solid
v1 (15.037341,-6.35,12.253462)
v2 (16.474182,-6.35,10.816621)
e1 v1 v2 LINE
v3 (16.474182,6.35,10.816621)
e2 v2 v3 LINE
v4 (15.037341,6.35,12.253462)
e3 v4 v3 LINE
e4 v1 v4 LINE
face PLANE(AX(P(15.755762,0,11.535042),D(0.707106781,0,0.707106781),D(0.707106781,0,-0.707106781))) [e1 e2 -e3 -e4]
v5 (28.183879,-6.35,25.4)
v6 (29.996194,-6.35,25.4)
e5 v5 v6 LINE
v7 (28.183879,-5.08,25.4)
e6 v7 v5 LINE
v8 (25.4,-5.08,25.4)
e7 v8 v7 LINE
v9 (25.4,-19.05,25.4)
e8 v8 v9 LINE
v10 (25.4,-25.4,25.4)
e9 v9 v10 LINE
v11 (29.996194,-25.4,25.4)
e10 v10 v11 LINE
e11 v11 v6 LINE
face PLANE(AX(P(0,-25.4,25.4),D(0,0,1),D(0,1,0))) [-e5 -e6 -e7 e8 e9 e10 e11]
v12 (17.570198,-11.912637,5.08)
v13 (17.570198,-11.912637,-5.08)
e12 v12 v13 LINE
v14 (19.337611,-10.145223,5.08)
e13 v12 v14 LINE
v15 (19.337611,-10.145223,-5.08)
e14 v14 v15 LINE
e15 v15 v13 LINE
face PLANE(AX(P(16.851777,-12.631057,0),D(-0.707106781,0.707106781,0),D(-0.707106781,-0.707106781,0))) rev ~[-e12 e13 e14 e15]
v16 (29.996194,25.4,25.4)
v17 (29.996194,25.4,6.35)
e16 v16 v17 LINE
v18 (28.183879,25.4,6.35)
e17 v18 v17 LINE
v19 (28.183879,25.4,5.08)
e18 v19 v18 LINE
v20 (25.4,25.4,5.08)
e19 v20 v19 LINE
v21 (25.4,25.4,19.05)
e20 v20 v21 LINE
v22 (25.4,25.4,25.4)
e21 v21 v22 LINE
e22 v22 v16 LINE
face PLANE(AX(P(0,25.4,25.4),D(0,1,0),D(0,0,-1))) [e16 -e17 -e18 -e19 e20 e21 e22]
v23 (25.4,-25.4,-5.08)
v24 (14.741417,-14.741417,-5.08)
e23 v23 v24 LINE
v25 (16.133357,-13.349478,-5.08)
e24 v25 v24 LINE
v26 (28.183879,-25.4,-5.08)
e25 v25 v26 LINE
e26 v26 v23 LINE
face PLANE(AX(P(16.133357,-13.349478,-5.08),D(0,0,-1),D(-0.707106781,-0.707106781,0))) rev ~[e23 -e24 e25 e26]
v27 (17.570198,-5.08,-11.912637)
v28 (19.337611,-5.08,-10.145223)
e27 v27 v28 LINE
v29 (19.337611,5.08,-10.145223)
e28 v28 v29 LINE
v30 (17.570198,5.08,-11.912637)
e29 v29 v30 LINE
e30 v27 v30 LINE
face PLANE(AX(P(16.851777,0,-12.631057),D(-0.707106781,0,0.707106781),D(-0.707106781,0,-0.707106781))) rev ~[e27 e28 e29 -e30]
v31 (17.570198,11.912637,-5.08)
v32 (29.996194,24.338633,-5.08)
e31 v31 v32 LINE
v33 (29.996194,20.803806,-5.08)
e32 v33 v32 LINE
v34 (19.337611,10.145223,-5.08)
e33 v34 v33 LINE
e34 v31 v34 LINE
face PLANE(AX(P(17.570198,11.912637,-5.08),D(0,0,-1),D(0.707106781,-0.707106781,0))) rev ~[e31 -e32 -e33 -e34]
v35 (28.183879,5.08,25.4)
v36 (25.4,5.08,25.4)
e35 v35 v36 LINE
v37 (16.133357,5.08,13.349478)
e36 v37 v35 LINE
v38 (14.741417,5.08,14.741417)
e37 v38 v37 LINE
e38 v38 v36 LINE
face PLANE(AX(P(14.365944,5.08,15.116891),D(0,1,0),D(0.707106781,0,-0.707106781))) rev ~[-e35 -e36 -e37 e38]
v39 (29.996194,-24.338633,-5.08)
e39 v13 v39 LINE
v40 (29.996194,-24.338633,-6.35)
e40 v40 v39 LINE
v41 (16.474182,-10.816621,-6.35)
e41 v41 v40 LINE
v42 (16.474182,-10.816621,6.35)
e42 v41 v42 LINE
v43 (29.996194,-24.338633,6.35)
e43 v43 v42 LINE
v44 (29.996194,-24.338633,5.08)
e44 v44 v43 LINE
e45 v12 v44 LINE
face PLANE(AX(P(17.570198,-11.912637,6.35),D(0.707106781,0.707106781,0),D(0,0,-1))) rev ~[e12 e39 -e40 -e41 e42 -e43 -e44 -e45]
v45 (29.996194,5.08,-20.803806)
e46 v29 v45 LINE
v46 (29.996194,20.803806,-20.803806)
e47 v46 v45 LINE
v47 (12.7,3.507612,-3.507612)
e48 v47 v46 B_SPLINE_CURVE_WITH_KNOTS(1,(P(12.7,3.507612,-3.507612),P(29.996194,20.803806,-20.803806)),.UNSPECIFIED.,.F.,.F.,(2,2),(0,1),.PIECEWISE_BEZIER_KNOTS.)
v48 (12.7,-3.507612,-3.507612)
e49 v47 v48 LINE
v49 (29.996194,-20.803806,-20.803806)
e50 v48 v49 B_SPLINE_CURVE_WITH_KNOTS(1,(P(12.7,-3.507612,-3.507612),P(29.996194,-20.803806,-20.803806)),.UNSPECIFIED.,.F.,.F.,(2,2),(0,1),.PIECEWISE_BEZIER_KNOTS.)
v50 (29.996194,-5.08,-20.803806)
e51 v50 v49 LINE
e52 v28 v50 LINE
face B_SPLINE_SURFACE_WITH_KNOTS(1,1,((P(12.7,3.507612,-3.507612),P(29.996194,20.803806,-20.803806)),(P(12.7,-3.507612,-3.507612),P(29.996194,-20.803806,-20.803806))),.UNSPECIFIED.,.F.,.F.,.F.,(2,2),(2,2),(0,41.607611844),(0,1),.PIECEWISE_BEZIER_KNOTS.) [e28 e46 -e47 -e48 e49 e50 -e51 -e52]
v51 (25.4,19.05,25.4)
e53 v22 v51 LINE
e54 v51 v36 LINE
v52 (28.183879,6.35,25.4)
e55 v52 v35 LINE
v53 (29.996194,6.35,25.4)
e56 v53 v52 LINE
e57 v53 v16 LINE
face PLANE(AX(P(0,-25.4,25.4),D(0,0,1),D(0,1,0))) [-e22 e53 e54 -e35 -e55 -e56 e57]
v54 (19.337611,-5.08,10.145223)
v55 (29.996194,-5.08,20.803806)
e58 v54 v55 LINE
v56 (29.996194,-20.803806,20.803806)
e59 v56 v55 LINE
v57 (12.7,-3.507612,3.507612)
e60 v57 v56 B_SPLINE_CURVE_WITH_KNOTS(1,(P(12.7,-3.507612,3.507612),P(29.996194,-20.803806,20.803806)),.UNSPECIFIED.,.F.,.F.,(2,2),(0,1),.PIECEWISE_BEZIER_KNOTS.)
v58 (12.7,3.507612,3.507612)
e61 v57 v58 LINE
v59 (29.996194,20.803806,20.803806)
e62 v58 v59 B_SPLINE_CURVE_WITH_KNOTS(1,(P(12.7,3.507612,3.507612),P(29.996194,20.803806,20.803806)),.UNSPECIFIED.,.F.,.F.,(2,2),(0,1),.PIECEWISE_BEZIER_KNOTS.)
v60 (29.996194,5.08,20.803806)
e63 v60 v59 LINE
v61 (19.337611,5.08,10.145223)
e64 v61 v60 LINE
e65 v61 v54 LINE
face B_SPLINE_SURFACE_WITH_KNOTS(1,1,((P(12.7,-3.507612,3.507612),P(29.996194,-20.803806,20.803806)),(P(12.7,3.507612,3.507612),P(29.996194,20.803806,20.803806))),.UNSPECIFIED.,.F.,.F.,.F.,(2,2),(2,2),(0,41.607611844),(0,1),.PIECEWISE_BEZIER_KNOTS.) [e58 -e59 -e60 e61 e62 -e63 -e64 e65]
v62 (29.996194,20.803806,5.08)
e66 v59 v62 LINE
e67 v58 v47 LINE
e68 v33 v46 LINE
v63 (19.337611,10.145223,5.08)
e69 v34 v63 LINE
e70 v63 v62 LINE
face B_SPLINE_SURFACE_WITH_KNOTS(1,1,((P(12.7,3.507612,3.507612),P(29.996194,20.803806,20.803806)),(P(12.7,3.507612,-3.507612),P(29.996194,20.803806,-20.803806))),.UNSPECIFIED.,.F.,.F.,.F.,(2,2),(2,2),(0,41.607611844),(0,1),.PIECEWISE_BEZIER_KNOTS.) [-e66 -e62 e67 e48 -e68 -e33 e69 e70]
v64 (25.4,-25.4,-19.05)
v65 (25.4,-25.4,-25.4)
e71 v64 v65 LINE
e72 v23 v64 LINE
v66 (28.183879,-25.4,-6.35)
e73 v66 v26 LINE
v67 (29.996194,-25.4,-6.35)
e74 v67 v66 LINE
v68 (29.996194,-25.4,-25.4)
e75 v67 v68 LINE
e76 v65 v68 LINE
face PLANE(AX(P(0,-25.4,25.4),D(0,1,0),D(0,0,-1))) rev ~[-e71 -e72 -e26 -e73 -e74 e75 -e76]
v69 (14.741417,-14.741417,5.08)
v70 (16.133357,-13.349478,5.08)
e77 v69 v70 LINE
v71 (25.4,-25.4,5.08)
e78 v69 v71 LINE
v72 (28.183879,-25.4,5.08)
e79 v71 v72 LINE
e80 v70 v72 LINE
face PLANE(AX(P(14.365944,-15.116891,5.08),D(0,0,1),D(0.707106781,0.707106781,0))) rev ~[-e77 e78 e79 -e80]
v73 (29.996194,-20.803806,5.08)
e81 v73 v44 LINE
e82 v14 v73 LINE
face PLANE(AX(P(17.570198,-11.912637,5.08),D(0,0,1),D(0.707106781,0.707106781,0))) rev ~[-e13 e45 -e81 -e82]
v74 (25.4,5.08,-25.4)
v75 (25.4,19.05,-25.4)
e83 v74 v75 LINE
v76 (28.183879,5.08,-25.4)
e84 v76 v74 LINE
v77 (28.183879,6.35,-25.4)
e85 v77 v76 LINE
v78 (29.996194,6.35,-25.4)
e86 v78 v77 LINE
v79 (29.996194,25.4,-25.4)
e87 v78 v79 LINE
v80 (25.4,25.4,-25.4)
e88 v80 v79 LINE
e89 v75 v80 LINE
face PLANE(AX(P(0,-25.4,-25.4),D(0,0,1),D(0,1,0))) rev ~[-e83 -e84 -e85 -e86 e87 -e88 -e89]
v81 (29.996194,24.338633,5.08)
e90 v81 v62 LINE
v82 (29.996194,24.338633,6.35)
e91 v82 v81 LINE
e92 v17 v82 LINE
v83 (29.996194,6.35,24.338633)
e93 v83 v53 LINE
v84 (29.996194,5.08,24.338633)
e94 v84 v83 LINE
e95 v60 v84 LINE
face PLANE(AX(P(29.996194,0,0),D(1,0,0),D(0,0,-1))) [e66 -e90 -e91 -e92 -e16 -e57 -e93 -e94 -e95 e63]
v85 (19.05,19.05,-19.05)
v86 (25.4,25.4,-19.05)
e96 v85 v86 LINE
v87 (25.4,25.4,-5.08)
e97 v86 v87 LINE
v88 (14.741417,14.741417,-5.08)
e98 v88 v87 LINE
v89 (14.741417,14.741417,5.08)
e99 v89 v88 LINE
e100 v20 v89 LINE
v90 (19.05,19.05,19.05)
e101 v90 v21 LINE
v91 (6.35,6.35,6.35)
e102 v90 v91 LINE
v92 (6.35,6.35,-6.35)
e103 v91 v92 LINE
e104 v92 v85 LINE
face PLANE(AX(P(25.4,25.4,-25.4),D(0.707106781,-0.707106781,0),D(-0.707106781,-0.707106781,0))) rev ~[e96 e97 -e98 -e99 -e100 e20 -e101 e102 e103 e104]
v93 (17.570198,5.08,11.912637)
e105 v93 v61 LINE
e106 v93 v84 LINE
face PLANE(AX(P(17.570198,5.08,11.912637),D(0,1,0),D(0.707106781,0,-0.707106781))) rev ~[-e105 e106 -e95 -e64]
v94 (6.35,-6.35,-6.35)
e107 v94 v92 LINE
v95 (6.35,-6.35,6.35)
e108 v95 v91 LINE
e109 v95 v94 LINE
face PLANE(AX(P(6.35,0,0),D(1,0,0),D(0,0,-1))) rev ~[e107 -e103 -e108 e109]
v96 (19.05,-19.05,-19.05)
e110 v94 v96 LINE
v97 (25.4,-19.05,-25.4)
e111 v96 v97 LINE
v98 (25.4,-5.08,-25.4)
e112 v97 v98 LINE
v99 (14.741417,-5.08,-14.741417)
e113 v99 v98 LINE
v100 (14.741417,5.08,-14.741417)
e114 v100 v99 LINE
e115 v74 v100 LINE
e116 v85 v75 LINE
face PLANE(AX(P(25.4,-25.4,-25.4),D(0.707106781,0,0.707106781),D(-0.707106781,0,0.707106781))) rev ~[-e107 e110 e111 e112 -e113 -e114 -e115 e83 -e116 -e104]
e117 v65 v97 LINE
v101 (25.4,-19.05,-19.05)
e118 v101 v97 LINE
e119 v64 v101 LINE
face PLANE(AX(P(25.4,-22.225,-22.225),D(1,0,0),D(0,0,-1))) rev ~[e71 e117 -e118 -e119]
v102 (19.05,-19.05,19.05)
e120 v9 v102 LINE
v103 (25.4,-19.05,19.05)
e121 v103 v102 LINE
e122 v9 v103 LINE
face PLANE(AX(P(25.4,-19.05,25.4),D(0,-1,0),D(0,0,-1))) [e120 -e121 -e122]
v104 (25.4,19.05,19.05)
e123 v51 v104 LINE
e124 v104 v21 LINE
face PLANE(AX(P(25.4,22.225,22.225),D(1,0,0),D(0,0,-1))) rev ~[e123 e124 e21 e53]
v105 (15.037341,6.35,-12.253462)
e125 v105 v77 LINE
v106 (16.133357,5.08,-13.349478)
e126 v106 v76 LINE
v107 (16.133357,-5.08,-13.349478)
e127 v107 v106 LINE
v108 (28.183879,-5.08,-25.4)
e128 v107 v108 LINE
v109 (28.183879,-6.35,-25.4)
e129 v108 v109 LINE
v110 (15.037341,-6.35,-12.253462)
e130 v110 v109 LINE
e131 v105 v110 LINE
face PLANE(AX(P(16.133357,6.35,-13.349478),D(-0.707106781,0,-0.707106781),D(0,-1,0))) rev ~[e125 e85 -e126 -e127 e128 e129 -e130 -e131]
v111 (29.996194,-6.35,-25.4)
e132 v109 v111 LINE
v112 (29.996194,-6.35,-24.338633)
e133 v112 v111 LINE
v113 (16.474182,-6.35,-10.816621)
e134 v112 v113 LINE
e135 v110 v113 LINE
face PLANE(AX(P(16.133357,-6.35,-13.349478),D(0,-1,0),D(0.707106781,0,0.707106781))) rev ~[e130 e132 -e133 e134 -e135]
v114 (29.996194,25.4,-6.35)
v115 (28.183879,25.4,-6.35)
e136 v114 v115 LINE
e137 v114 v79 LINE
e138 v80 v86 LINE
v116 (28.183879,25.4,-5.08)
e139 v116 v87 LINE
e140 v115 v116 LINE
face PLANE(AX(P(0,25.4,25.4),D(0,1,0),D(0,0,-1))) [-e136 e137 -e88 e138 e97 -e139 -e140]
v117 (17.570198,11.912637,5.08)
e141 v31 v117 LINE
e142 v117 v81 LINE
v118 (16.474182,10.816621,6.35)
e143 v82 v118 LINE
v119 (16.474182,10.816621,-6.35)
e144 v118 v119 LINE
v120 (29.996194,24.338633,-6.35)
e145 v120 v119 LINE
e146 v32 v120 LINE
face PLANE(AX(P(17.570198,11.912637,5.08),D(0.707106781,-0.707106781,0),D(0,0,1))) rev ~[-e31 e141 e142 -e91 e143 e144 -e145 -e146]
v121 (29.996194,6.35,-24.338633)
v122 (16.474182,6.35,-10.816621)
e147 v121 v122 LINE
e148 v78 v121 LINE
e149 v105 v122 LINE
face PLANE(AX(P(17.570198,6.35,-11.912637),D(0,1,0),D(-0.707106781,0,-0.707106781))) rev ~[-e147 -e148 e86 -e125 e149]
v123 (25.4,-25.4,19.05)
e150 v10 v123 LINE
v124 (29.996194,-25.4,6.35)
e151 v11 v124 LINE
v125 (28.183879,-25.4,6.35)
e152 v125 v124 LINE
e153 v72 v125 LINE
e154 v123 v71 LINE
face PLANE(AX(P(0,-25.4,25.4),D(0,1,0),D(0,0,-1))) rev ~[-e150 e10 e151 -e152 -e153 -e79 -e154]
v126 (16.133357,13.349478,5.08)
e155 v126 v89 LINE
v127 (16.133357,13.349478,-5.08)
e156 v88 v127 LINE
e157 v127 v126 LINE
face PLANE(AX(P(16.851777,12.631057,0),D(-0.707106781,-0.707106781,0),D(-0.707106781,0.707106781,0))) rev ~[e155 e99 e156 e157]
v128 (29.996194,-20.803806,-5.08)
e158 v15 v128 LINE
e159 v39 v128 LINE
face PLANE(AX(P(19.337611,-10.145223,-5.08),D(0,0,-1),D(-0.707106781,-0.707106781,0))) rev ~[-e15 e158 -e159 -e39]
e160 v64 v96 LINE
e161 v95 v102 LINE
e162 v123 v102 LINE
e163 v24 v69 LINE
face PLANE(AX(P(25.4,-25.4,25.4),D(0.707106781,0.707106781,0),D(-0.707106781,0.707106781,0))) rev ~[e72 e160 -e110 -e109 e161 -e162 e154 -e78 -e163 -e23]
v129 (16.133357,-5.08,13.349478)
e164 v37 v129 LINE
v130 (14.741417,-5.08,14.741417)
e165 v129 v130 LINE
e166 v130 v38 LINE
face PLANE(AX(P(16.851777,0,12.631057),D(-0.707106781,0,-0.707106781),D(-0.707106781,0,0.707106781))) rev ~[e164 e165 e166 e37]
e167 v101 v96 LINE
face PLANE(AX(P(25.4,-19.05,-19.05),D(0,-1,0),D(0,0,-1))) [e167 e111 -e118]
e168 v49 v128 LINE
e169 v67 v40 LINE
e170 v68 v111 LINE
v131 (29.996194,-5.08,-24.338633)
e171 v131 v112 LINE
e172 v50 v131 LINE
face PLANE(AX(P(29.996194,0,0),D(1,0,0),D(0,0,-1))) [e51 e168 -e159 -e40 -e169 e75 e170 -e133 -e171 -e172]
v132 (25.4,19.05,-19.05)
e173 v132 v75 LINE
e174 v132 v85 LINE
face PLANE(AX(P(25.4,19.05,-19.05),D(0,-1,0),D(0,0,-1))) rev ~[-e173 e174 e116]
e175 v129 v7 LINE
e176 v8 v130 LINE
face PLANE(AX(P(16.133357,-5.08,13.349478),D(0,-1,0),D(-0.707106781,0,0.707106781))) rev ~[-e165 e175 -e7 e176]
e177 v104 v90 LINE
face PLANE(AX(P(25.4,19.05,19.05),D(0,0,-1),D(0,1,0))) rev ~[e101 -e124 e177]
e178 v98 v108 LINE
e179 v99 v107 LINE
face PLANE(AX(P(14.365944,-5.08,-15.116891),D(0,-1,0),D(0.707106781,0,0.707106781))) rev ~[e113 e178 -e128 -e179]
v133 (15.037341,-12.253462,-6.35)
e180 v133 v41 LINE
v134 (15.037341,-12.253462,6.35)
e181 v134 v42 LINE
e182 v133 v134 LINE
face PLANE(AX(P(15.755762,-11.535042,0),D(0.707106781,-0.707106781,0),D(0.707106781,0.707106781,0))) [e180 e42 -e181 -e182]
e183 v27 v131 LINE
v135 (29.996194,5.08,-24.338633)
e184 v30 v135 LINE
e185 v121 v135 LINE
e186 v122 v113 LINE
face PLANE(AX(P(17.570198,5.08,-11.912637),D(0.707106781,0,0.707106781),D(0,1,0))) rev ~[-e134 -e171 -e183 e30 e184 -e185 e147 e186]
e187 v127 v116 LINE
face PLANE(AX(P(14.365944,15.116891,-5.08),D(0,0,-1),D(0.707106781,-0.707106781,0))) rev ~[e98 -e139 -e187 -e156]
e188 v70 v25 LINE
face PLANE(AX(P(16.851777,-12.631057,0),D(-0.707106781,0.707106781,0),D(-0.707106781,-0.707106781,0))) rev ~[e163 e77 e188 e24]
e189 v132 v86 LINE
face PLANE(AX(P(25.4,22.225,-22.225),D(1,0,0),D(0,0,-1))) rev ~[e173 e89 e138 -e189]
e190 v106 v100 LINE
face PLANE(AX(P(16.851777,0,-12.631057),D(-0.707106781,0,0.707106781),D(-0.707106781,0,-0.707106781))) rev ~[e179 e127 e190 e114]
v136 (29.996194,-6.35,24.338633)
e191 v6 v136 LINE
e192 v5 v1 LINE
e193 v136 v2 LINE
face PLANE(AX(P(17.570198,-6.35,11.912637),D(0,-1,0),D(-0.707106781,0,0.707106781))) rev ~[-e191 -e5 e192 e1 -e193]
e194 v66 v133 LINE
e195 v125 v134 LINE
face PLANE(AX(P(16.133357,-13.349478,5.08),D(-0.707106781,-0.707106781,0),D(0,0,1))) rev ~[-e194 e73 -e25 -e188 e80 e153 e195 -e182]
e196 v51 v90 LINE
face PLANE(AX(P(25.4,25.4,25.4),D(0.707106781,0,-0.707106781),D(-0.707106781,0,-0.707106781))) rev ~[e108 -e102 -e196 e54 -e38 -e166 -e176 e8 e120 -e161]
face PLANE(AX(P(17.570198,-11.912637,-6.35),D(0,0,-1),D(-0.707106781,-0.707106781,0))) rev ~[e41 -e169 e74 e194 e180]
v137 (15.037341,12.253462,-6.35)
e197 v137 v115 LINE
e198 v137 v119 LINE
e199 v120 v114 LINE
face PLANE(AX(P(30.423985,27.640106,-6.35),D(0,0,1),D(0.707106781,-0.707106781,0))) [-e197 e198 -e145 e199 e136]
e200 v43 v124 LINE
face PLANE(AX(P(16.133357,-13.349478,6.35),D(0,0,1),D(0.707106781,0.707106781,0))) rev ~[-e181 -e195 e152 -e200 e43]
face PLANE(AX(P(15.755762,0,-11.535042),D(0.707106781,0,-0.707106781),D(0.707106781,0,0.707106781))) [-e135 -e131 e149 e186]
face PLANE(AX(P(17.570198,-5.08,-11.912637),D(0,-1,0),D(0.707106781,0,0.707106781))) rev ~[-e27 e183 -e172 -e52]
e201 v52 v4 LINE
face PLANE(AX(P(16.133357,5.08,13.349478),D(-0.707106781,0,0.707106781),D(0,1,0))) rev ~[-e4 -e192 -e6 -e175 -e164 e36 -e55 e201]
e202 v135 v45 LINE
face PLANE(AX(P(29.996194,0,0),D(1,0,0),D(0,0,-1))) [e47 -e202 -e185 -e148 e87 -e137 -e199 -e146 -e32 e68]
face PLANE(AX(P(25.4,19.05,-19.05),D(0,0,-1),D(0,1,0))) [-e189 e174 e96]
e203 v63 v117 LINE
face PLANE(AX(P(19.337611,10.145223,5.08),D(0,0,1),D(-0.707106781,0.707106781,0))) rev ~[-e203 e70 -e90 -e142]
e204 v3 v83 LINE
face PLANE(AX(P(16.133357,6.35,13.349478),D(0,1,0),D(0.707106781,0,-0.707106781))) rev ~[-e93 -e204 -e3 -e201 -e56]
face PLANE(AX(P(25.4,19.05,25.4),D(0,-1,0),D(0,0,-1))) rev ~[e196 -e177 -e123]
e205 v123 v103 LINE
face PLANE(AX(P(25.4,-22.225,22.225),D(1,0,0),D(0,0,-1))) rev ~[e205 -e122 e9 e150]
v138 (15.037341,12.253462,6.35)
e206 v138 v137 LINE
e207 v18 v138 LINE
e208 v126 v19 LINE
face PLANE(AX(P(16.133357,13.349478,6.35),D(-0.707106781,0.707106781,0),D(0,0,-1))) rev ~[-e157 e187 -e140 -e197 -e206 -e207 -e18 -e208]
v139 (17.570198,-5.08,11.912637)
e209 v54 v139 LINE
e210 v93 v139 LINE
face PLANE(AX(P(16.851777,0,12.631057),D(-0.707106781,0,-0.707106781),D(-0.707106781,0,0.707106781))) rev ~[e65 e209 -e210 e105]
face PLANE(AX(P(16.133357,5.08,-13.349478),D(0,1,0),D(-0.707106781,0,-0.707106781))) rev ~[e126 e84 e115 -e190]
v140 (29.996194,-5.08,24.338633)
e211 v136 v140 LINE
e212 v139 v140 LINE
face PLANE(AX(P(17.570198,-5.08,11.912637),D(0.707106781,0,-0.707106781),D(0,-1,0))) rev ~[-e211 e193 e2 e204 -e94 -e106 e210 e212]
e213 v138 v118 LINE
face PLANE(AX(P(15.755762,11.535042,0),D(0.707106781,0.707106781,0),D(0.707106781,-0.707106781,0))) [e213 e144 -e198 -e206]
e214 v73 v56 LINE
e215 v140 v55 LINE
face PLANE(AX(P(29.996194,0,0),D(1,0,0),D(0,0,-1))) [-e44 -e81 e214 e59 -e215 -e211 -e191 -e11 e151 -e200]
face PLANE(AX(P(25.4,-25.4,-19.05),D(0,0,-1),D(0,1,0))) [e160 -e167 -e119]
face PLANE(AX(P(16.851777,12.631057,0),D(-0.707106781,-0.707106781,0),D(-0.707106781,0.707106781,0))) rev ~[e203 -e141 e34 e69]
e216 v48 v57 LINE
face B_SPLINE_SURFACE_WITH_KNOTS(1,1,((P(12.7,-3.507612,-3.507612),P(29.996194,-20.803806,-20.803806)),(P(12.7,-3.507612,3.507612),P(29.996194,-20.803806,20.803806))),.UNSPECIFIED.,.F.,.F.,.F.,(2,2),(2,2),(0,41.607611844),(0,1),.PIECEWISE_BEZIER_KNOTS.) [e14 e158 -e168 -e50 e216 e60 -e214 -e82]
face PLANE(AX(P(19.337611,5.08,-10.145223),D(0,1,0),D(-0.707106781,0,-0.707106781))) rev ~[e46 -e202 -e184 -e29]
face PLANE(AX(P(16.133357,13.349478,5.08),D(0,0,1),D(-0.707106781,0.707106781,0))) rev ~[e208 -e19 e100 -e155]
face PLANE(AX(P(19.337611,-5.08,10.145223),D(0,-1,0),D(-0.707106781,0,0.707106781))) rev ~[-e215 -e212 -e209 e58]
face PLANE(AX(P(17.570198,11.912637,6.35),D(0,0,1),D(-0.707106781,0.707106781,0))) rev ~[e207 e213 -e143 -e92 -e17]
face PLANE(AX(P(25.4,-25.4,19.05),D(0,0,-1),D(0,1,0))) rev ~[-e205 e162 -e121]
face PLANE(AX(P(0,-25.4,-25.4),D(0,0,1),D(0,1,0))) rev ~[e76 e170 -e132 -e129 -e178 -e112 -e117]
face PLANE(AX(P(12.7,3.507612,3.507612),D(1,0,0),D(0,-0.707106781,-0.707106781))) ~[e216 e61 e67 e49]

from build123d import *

# Parameters (mm, degrees)
SKETCH3_W           = 50.8
SKETCH3_H           = 50.8
BOSS_EXTRUDE1_DEPTH = 29.996194
CUT_EXTRUDE1_DEPTH  = 65.230613146
CIRPATTERN1_COUNT   = 4
SKETCH8_W           = 12.7
SKETCH8_H           = 12.7
CUT_EXTRUDE2_DEPTH  = 44.00537756
CUT_EXTRUDE3_START  = -20.21
CUT_EXTRUDE3_DEPTH  = 84.434853552
SKETCH10_W          = 2.032
SKETCH10_H          = 12.7
CUT_EXTRUDE4_DEPTH  = 21.76
CIRPATTERN2_COUNT   = 4
SKETCH11_W          = 6.35
SKETCH11_H          = 6.35
CUT_EXTRUDE5_DEPTH  = 41.659838908


with BuildPart() as part:
    # Sketch3 → Boss-Extrude1 (new body)
    with BuildSketch(Plane(origin=(0, 0, 0), x_dir=(0, 0, -1), z_dir=(1, 0, 0))):
        Rectangle(SKETCH3_W, SKETCH3_H)
    extrude(amount=BOSS_EXTRUDE1_DEPTH)

    # Sketch4 → Cut-Loft1 section 0
    with BuildSketch(Plane(origin=(12.7, 0, 0), x_dir=(0, 0, -1), z_dir=(1, 0, 0))):
        with BuildLine():
            Line((-3.507611845, 3.507611845), (3.507611845, 3.507611845))
            Line((3.507611845, 3.507611845), (3.507611845, -3.507611845))
            Line((3.507611845, -3.507611845), (-3.507611845, -3.507611845))
            Line((-3.507611845, -3.507611845), (-3.507611845, 3.507611845))
        make_face()
    # Sketch5 → Cut-Loft1 section 1
    with BuildSketch(Plane(origin=(29.996194078, 0, 0), x_dir=(0, 0, -1), z_dir=(1, 0, 0))):
        with BuildLine():
            Line((-20.803805922, 20.803805922), (20.803805922, 20.803805922))
            Line((20.803805922, 20.803805922), (20.803805922, -20.803805922))
            Line((20.803805922, -20.803805922), (-20.803805922, -20.803805922))
            Line((-20.803805922, -20.803805922), (-20.803805922, 20.803805922))
        make_face()
    loft(mode=Mode.SUBTRACT)

    # Sketch6 → Cut-Extrude1 (cut, through all)
    with BuildSketch(Plane(origin=(0, 25.4, 0), x_dir=(1, 0, 0), z_dir=(0, 1, 0))):
        Polygon((25.4, -25.4), (0, 0), (0, -25.4), align=None)
    cut_extrude1 = extrude(amount=-CUT_EXTRUDE1_DEPTH, mode=Mode.SUBTRACT)

    # CirPattern1: Cut-Extrude1 ×4 about axis
    cirpattern1_axis = Axis((0, 0, 0), (1, 0, 0))
    for i in range(1, CIRPATTERN1_COUNT):
        add(cut_extrude1.rotate(cirpattern1_axis, i * 360 / CIRPATTERN1_COUNT), mode=Mode.SUBTRACT)

    # Sketch8 → Cut-Extrude2 (cut, through all)
    with BuildSketch(Plane(origin=(6.35, 0, 0), x_dir=(0, 0, -1), z_dir=(1, 0, 0))):
        Rectangle(SKETCH8_W, SKETCH8_H)
    extrude(amount=-CUT_EXTRUDE2_DEPTH, mode=Mode.SUBTRACT)

    # Sketch9 → Cut-Extrude3 (cut)
    with BuildSketch(Plane(origin=(31.142405514, 0, 26.921685137), x_dir=(0.7071067811865474, 0, -0.7071067811865477), z_dir=(0.7071067811865477, 0, 0.7071067811865474)).offset(CUT_EXTRUDE3_START)):
        Polygon((-1.016, 5.08), (-1.016, 6.35), (1.016, 6.35), (1.016, 5.08), (3.5155, 5.08), (3.5155, -5.08), (1.016, -5.08), (1.016, -6.35), (-1.016, -6.35), (-1.016, -5.08), (-3.5155, -5.08), (-3.5155, 5.08), align=None)
    cut_extrude3 = extrude(amount=CUT_EXTRUDE3_DEPTH, mode=Mode.SUBTRACT)

    # Sketch10 → Cut-Extrude4 (cut)
    with BuildSketch(Plane(origin=(31.142405514, 0, 26.921685137), x_dir=(0.7071067811865474, 0, -0.7071067811865477), z_dir=(0.7071067811865477, 0, 0.7071067811865474))):
        Rectangle(SKETCH10_W, SKETCH10_H)
    cut_extrude4 = extrude(amount=-CUT_EXTRUDE4_DEPTH, mode=Mode.SUBTRACT)

    # CirPattern2: Cut-Extrude3, Cut-Extrude4 ×4 about axis
    cirpattern2_axis = Axis((0, 0, 0), (1, 0, 0))
    add([cut_extrude3.rotate(cirpattern2_axis, i * 360 / CIRPATTERN2_COUNT) for i in range(1, CIRPATTERN2_COUNT)], mode=Mode.SUBTRACT)
    add([cut_extrude4.rotate(cirpattern2_axis, i * 360 / CIRPATTERN2_COUNT) for i in range(1, CIRPATTERN2_COUNT)], mode=Mode.SUBTRACT)

    # Sketch11 → Cut-Extrude5 (cut, through all)
    with BuildSketch(Plane(origin=(25.4, 0, 0), x_dir=(0, 0, -1), z_dir=(1, 0, 0))):
        with Locations((22.225, 22.225)):
            Rectangle(SKETCH11_W, SKETCH11_H)
        with Locations((22.225, -22.225)):
            Rectangle(SKETCH11_W, SKETCH11_H)
        with Locations((-22.225, -22.225)):
            Rectangle(SKETCH11_W, SKETCH11_H)
        with Locations((-22.225, 22.225)):
            Rectangle(SKETCH11_W, SKETCH11_H)
    extrude(amount=-CUT_EXTRUDE5_DEPTH, mode=Mode.SUBTRACT)


solid = part.part
